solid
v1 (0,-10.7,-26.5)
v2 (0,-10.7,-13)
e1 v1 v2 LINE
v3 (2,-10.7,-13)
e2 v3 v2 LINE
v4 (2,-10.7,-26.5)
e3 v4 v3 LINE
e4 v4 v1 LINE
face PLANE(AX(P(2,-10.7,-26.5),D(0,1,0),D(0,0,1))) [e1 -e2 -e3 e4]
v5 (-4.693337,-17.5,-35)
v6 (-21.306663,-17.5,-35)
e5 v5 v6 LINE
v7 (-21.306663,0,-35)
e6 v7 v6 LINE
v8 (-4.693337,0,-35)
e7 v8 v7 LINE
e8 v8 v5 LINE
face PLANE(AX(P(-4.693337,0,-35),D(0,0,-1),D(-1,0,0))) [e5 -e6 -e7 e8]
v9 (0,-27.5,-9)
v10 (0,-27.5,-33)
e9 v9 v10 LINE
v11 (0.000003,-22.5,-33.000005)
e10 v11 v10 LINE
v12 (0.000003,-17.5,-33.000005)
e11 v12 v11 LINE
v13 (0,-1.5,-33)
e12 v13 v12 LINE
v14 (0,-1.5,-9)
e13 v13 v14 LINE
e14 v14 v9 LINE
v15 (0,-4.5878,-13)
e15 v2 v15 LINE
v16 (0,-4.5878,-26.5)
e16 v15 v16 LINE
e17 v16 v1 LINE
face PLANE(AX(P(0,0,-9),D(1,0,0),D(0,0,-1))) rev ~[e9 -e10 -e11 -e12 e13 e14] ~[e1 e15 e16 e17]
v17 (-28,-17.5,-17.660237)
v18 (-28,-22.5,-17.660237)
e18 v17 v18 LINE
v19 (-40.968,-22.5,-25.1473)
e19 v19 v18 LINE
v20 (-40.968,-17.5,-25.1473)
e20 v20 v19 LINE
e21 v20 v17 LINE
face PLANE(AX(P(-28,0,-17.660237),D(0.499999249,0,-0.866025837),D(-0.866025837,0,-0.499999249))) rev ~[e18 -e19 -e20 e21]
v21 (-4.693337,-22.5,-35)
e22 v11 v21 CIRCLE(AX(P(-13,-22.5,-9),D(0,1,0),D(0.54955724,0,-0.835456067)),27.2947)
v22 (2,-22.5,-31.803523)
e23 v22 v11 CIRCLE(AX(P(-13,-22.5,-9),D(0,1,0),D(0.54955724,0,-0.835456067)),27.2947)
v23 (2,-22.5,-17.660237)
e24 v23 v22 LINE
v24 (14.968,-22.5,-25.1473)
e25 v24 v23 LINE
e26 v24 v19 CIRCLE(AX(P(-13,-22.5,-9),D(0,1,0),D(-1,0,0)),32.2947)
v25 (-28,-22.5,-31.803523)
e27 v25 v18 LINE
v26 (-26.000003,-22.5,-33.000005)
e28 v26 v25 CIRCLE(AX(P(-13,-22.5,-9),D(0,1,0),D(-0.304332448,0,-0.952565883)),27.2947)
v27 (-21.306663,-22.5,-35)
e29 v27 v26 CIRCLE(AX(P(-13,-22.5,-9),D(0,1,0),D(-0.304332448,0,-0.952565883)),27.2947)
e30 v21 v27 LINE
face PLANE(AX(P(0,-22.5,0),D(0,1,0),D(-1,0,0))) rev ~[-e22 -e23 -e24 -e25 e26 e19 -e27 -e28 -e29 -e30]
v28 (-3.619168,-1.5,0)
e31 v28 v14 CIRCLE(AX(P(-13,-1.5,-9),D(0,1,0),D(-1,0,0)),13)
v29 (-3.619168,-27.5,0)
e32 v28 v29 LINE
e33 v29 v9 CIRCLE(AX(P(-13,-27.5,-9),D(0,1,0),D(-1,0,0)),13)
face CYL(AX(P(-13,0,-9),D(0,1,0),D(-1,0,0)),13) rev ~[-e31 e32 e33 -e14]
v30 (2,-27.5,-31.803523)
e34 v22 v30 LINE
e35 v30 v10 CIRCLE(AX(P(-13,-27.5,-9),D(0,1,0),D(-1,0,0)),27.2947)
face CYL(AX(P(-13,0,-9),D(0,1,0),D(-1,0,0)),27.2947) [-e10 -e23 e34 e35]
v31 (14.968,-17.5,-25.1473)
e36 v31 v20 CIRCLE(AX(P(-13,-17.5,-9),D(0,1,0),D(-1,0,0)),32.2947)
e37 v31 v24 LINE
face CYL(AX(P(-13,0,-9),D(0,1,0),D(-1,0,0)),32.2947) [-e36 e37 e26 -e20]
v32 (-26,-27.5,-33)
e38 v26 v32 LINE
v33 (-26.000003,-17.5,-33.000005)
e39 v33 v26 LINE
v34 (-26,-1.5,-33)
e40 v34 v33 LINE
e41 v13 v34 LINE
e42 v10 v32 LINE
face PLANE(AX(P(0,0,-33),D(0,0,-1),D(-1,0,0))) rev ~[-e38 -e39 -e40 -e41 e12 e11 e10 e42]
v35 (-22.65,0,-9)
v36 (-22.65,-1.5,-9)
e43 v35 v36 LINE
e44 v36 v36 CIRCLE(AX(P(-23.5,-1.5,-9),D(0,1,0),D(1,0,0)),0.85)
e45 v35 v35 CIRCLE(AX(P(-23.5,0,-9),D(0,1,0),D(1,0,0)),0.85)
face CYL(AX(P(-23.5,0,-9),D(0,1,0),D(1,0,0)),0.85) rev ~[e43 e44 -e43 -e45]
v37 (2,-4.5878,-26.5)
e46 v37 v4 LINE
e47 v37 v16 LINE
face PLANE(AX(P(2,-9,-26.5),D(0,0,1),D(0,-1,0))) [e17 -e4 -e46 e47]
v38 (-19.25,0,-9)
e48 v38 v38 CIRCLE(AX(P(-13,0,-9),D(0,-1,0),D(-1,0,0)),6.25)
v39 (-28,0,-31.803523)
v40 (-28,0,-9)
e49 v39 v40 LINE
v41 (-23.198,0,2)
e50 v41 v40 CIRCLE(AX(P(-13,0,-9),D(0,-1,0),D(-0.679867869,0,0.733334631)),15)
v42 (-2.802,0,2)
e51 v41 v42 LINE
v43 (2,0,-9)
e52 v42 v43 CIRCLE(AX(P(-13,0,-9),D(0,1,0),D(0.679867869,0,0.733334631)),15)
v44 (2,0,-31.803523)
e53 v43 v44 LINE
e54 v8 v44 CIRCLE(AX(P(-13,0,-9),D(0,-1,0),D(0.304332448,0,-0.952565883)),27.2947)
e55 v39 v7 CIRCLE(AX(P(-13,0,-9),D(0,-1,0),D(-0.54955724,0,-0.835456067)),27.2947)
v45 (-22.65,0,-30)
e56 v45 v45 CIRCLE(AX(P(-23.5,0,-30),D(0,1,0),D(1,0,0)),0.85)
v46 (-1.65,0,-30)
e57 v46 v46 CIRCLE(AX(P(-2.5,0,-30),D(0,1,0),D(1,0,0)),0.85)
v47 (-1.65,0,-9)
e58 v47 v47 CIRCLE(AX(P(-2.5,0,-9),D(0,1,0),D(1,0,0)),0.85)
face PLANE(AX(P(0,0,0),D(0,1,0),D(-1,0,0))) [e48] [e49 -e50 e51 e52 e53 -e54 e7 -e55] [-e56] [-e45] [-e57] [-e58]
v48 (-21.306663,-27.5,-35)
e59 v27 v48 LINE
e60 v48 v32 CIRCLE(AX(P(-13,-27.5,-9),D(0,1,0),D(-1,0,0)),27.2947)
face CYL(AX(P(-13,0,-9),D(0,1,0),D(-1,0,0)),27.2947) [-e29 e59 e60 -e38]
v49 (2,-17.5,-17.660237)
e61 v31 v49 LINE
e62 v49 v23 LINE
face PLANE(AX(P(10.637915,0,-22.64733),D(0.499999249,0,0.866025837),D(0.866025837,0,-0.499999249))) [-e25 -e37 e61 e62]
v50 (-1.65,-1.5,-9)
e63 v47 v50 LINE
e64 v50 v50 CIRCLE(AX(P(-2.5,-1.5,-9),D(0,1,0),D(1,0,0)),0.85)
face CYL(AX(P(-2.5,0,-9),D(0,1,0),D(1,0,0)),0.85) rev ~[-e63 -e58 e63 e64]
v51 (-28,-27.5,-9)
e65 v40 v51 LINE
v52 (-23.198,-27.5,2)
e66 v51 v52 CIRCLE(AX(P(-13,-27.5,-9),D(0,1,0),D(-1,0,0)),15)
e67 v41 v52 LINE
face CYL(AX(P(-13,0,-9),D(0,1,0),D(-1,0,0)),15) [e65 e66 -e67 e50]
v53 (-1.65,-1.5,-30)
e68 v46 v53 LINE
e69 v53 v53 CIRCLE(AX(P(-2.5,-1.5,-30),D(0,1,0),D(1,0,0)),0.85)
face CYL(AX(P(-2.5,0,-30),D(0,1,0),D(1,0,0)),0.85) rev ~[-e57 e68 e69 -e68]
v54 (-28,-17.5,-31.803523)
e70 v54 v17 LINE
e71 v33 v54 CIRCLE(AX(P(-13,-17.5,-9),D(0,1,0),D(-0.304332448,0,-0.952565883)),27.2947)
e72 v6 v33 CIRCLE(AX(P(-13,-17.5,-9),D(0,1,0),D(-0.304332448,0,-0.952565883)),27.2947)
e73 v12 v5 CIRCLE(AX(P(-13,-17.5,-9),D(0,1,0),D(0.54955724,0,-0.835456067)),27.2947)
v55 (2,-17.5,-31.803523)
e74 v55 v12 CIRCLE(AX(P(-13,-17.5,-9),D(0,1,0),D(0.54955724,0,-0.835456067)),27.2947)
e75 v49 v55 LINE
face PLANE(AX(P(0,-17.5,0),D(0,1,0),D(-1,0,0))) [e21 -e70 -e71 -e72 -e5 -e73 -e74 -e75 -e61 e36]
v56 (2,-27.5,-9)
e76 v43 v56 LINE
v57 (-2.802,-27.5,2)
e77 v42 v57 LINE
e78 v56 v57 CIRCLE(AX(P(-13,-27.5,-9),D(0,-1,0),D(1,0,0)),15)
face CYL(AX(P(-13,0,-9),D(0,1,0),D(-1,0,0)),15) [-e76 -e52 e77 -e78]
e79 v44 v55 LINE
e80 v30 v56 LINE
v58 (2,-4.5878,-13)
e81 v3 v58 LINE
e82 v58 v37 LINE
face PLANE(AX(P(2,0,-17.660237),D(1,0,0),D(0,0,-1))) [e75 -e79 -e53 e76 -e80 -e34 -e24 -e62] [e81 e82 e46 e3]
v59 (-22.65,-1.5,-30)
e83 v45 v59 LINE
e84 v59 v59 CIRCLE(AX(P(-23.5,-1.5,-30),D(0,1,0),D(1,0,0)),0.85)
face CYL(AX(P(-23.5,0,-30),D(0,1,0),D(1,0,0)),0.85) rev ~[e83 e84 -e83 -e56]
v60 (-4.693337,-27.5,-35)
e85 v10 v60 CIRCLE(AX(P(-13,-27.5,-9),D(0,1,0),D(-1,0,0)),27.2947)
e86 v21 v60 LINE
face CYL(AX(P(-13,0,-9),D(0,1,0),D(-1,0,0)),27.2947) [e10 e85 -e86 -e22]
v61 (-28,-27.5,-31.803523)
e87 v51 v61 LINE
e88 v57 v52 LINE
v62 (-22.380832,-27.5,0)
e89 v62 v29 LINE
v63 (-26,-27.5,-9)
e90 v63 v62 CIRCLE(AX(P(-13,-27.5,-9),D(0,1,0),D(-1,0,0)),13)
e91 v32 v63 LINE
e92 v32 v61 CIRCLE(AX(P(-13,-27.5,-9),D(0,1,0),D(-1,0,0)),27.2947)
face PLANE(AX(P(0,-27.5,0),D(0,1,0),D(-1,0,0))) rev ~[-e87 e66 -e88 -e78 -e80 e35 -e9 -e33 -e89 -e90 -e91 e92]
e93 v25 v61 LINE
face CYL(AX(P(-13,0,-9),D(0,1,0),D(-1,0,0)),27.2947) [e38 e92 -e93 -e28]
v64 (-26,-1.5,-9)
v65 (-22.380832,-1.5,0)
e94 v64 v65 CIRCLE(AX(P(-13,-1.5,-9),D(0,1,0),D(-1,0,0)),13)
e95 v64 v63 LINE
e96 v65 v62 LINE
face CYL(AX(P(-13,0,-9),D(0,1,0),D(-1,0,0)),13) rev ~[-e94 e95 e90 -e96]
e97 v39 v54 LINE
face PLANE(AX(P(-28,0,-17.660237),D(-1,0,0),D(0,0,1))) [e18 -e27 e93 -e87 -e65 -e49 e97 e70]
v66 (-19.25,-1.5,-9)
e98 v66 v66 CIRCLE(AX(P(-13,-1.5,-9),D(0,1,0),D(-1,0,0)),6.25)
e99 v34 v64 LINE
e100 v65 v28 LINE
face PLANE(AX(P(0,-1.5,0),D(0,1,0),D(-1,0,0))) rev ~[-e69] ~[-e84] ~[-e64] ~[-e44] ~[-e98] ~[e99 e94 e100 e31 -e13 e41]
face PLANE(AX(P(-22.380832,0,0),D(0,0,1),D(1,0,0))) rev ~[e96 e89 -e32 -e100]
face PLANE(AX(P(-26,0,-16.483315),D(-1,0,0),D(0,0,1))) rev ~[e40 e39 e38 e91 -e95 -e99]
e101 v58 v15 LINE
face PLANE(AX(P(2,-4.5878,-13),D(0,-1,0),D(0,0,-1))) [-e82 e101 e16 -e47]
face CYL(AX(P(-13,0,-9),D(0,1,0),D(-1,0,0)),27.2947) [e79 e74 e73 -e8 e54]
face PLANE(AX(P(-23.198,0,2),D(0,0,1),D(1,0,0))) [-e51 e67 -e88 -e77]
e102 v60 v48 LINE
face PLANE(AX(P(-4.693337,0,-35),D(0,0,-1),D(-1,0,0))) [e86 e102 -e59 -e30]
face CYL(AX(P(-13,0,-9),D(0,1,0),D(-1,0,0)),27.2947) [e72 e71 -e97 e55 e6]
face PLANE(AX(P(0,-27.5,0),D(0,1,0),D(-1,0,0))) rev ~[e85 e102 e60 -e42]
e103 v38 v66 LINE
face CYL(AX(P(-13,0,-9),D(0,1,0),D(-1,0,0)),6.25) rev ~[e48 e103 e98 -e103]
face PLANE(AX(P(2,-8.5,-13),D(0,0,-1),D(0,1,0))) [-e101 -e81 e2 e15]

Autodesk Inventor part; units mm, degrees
ref_plane "YZ Plane" through (0, 0, 0) normal (1, 0, 0) x (0, 1, 0)
ref_plane "XZ Plane" through (0, 0, 0) normal (0, 1, 0) x (-1, 0, 0)
ref_plane "XY Plane" through (0, 0, 0) normal (0, 0, 1) x (1, 0, 0)
sketch "スケッチ1" plane through (0, 0, 0) normal (0, 1, 0) x (-1, 0, 0)
  line L0 (26, 0) -> (0, 0)
  line L1 (0, 0) -> (0, -33)
  line L2 (0, -33) -> (26, -33)
  line L3 (26, -33) -> (26, 0)
  line L4 (26, -9) -> (0, -9)
  line L5 (0, -9) -> (0, -33)
  line L6 (0, -33) -> (26, -33)
  line L7 (26, -33) -> (26, -9)
  circle A0 centre (13, -9) radius 13
  circle A1 centre (13, -9) radius 6.25
  circle A2 centre (13, -9) radius 27.2947
  circle A3 centre (13, -9) radius 32.2947
  circle A4 centre (13, -9) radius 15
  line L8 (28, -9) -> (-2, -9)
  line L9 (-2, -9) -> (-2, -35)
  line L10 (-2, -35) -> (28, -35)
  line L11 (28, -35) -> (28, -9)
  line L12 (23.198, 2) -> (2.802, 2)
  line L13 (13, -9) -> (40.968, -25.1473)
  line L14 (13, -9) -> (-14.968, -25.1473)
  point P0 (22.3808, 0)
  point P1 (3.6192, 0)
  point P2 (0, -9)
  point P3 (-17.3636, 2)
  point P4 (43.3636, 2)
  point P5 (25, 0)
  point P6 (26, -1.5167)
  point P7 (0, -1.5167)
  point P8 (1, 0)
  point P9 (21.3066, -35)
  point P10 (4.6934, -35)
  point P11 (0, -16.4833)
  point P12 (26, -16.4833)
  point P13 (0, -9)
  point P14 (26, -9)
  point P15 (28, -17.6603)
  point P16 (-2, -17.6603)
  point P17 (28, -31.8035)
  point P18 (-2, -31.8035)
  dimension "d0" = 26
  dimension "d1" = 33
  dimension "d2" = 24
  dimension "d3" = 12.5
  dimension "d6" = 5
  dimension "d7" = 2
  dimension "d8" = 2
  dimension "d9" = 2
  dimension "d16" = 60
  dimension "d17" = 60
extrude "押し出し1" add sketch "スケッチ1" against normal blind 1.5 contours A0 L4 A1 L0 | A0 L13 A1 L4 | L3 A4 L13 A0 | L3 L13 A4 | L13 A4 L14 A0 | A0 L14 A1 L13 | A0 L14 A4 L1 | L4 A1 L14 A0 | L3 L2 L1 L14 A4 L13 | A4 L14 L1
extrude "押し出し2" add sketch "スケッチ1" against normal blind 27.5 contours A4 L3 A0 L0 | L0 A0 L12 A4 | A4 L8 L3 | L0 A0 L12 | L8 A4 L3 | L11 L13 L3 A4 | A0 L1 A4 L0 | L0 A4 L12 A0 | L11 A2 L3 L13 | L8 A4 L1 | L1 A4 L8 | L1 L14 L9 A4 | A2 L10 L2 | L1 A2 L9 L14
extrude "押し出し3" add sketch "スケッチ1" against normal blind 22.5 contours L13 A2 L11 | L11 L10 A2 | A2 L13 A3 L14 L9 L10 L11 | L9 A2 L14 | A2 L10 L9 | A2 L10
extrude "押し出し4" cut sketch "スケッチ1" against normal blind 17.5 contours L13 A2 L11 | L11 L10 A2 | A2 L13 A3 L14 L9 L10 L11 | L9 A2 L14 | A2 L10 L9 | A2 L10
sketch "スケッチ2" plane through (2, -27.5, -9) normal (1, 0, 0) x (0, 0, -1)
  line L0 (17.5, 16.8) -> (4, 16.8) projected
  line L1 (4, 16.8) -> (4, 18.5) projected
  line L2 (4, 18.5) -> (0, 18.5) projected
  line L3 (0, 12.5) -> (0, 18.5) projected
  line L4 (0, 12.5) -> (21, 12.5) projected
  line L5 (21, 12.5) -> (21, 18.5) projected
  line L6 (21, 18.5) -> (17.5, 18.5) projected
  line L7 (17.5, 18.5) -> (17.5, 16.8) projected
  line L8 (4, 22.9122) -> (17.5, 22.9122) projected
  line L9 (17.5, 22.9122) -> (17.5, 19) projected
  line L10 (17.5, 19) -> (21, 19) projected
  line L11 (21, 19) -> (21, 26) projected
  line L12 (21, 26) -> (0, 26) projected
  line L13 (0, 19) -> (0, 26) projected
  line L14 (0, 19) -> (4, 19) projected
  line L15 (4, 19) -> (4, 22.9122) projected
  line L16 (4, 16.8) -> (17.5, 16.8)
  line L17 (17.5, 16.8) -> (17.5, 22.9122)
  line L18 (17.5, 22.9122) -> (4, 22.9122)
  line L19 (4, 22.9122) -> (4, 16.8)
  point P0 (-9, 27.5)
  point P1 (4, 19)
  point P2 (4, 18.5)
extrude "押し出し5" cut sketch "スケッチ2" against normal up to surface (2 mm away) contours L0 L1 L19 L15 L8 L9 L17 L7
sketch "スケッチ3" plane through (0, 0, 0) normal (0, 1, 0) x (1, 0, 0)
  circle A0 centre (-2.5, 30) radius 0.85 projected
  circle A1 centre (-23.5, 30) radius 0.85 projected
  circle A2 centre (-23.5, 9) radius 0.85 projected
  circle A3 centre (-2.5, 9) radius 0.85 projected
  point P0 (0, 0)
extrude "押し出し6" cut sketch "スケッチ3" against normal blind 10
equation "\"d17\" = d16"
properties part number "waist"
